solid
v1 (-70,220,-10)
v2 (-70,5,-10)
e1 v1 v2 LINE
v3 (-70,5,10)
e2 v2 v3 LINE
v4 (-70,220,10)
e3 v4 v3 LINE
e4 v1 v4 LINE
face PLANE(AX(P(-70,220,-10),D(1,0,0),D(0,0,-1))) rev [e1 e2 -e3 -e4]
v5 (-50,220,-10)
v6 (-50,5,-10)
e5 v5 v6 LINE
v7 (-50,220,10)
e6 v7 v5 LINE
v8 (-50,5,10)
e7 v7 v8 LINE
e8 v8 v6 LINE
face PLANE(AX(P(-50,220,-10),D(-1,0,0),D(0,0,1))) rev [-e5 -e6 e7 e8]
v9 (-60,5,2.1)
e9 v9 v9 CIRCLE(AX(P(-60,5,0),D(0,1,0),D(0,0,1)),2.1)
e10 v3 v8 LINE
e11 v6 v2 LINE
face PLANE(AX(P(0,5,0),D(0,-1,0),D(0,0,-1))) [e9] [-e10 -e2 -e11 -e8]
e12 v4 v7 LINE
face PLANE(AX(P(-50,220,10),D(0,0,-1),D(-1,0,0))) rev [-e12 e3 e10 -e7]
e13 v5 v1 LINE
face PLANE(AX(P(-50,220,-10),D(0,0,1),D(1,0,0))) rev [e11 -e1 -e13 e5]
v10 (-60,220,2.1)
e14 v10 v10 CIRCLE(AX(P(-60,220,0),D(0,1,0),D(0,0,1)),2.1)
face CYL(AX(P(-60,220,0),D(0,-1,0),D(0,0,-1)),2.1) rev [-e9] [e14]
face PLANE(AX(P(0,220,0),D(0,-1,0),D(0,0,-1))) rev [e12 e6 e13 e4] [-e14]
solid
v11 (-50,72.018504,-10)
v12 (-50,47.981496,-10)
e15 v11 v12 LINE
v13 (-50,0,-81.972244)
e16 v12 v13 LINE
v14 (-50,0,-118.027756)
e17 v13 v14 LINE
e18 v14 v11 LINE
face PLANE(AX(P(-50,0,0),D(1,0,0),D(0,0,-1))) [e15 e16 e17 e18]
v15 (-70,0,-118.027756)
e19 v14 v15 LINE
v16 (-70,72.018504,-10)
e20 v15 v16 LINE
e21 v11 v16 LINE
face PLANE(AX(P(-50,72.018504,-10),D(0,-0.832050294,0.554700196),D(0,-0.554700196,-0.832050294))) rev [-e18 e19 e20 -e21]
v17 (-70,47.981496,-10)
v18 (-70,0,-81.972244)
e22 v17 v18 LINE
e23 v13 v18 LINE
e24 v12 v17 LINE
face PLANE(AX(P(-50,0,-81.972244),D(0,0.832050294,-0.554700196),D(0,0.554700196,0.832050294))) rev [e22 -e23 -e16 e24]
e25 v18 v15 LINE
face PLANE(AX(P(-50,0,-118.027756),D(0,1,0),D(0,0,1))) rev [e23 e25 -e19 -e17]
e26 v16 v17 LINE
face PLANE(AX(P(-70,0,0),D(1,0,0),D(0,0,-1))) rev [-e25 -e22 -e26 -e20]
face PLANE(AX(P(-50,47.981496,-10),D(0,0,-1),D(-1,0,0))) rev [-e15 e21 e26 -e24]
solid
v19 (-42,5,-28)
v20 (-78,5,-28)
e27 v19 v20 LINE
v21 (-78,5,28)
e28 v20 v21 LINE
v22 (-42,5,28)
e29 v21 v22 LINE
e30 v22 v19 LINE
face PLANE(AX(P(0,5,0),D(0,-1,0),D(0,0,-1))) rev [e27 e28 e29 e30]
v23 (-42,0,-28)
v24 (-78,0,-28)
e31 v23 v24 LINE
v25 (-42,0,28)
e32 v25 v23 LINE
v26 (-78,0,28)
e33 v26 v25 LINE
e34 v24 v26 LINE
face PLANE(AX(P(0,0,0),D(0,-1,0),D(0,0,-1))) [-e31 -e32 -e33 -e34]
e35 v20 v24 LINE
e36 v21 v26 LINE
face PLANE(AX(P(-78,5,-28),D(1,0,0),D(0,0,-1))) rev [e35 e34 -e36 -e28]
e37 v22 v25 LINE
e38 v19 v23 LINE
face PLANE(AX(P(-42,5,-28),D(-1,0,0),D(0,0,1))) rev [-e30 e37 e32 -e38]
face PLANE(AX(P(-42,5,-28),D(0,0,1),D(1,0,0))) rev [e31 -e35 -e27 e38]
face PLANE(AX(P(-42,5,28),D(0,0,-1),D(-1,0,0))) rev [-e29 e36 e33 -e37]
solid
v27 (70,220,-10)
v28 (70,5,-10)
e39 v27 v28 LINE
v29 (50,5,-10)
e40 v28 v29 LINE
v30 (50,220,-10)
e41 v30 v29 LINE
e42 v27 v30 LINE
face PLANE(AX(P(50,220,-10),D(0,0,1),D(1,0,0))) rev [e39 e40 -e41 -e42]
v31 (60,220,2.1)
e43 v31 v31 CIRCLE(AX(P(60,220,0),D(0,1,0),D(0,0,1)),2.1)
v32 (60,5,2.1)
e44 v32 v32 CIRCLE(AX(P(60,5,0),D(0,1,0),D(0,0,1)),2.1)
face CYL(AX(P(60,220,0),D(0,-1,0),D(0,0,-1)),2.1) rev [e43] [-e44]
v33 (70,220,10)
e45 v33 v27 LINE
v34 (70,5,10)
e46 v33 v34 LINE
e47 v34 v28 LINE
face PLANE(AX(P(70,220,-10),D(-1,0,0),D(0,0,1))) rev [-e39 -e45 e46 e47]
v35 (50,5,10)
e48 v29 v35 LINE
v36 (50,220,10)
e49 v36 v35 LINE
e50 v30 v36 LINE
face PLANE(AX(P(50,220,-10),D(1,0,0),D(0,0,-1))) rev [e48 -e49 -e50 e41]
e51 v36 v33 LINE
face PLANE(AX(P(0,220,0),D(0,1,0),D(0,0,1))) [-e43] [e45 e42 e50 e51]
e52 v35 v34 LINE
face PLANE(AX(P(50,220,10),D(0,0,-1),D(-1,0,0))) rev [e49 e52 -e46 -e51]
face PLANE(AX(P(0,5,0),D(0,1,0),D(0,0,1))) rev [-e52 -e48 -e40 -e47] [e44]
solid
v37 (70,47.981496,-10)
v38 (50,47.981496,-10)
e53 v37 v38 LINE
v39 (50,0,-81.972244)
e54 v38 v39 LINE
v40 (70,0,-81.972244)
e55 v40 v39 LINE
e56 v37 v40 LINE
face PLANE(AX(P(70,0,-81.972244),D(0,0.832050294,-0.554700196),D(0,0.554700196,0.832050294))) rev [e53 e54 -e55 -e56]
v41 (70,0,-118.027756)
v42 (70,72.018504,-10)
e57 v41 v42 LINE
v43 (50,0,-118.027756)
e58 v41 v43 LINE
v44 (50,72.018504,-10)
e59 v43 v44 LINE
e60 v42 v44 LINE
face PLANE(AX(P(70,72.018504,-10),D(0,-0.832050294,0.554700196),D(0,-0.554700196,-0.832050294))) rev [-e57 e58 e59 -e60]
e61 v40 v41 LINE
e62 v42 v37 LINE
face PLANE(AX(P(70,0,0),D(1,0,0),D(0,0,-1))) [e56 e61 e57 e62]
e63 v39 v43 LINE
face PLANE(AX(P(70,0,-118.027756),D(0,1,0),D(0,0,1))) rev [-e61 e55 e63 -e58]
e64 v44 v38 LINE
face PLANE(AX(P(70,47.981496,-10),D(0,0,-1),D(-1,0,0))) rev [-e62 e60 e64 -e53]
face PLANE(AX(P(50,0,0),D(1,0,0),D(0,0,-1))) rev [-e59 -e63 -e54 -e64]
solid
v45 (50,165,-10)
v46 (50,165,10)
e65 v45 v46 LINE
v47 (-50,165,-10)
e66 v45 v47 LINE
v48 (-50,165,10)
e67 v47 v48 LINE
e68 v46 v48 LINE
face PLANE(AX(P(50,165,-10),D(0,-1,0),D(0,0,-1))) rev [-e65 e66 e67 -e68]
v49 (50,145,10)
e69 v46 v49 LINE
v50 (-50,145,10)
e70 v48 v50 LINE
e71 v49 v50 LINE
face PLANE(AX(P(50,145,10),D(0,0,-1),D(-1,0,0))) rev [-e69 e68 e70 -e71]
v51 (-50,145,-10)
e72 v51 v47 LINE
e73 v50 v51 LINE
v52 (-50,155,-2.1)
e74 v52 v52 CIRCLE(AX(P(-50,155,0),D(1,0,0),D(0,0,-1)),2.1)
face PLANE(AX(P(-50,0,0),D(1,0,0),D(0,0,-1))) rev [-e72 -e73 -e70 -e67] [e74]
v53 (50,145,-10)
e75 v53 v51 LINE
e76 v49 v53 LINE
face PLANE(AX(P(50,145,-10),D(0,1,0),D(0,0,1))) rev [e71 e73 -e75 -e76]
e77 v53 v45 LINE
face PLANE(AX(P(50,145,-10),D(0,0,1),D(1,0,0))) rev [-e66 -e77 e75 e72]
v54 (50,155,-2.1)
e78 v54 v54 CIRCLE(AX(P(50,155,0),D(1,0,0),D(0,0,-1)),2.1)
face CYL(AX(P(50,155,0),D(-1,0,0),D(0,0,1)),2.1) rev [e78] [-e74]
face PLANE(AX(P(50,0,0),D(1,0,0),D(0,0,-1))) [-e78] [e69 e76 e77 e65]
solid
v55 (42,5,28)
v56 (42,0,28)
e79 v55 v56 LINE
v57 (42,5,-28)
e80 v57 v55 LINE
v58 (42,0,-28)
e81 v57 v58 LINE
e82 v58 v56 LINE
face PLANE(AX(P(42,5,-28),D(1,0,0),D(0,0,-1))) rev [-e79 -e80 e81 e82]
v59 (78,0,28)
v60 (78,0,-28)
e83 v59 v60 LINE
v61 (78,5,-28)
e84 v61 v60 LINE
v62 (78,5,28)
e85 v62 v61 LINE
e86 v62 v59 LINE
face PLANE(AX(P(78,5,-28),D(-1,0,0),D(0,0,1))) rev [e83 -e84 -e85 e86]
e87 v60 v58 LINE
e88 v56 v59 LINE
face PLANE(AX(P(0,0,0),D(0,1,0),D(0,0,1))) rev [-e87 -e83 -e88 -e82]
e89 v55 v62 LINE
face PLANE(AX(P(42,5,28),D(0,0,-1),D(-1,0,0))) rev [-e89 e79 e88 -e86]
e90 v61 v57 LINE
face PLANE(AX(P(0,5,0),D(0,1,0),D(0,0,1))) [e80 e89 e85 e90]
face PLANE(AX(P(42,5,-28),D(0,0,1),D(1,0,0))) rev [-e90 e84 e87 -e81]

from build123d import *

# Parameters (mm, degrees)
SK_FOOTPLATES_W       = 36
SK_FOOTPLATES_H       = 56
EX_FOOTPLATES_DEPTH   = 5
EX_FOOTPLATES_2_DEPTH = 5
SK_POSTS_W            = 20
SK_POSTS_H            = 20
SK_POSTS_R            = 2.1
EX_POSTS_DEPTH        = 215
EX_POSTS_2_DEPTH      = 215
SK_BRACE_W            = 20
SK_BRACE_H            = 20
SK_BRACE_R            = 2.1
EX_BRACE_DEPTH        = 100
EX_STRUTL_DEPTH       = 20
EX_STRUTR_DEPTH       = 20


with BuildPart() as part:
    # SK_FootPlates → EX_FootPlates (new body)
    with BuildSketch(Plane(origin=(0, 0, 0), x_dir=(1, 0, 0), z_dir=(0, 1, 0))):
        with Locations((60, 0)):
            Rectangle(SK_FOOTPLATES_W, SK_FOOTPLATES_H)
    extrude(amount=EX_FOOTPLATES_DEPTH)


with BuildPart() as body_2:
    # SK_FootPlates → EX_FootPlates 2 (new body)
    with BuildSketch(Plane(origin=(0, 0, 0), x_dir=(1, 0, 0), z_dir=(0, 1, 0))):
        with Locations((-60, 0)):
            Rectangle(SK_FOOTPLATES_W, SK_FOOTPLATES_H)
    extrude(amount=EX_FOOTPLATES_2_DEPTH)


with BuildPart() as body_3:
    # SK_Posts → EX_Posts (new body)
    with BuildSketch(Plane(origin=(0, 5, 0), x_dir=(1, 0, 0), z_dir=(0, 1, 0))):
        with Locations((60, 0)):
            Rectangle(SK_POSTS_W, SK_POSTS_H)
        with Locations((60, 0)):
            Circle(SK_POSTS_R, mode=Mode.SUBTRACT)
    extrude(amount=EX_POSTS_DEPTH)


with BuildPart() as body_4:
    # SK_Posts → EX_Posts 2 (new body)
    with BuildSketch(Plane(origin=(0, 5, 0), x_dir=(1, 0, 0), z_dir=(0, 1, 0))):
        with Locations((-60, 0)):
            Rectangle(SK_POSTS_W, SK_POSTS_H)
        with Locations((-60, 0)):
            Circle(SK_POSTS_R, mode=Mode.SUBTRACT)
    extrude(amount=EX_POSTS_2_DEPTH)


with BuildPart() as body_5:
    # SK_Brace → EX_Brace (new body)
    with BuildSketch(Plane(origin=(-50, 0, 0), x_dir=(0, 0, -1), z_dir=(1, 0, 0))):
        with Locations((0, 155)):
            Rectangle(SK_BRACE_W, SK_BRACE_H)
        with Locations((0, 155)):
            Circle(SK_BRACE_R, mode=Mode.SUBTRACT)
    extrude(amount=EX_BRACE_DEPTH)


with BuildPart() as body_6:
    # SK_StrutL → EX_StrutL (new body)
    with BuildSketch(Plane(origin=(50, 0, 0), x_dir=(0, 0, -1), z_dir=(1, 0, 0))):
        Polygon((118.027756377, 0), (81.972243623, 0), (10, 47.981495748), (10, 72.018504252), align=None)
    extrude(amount=EX_STRUTL_DEPTH)


with BuildPart() as body_7:
    # SK_StrutR → EX_StrutR (new body)
    with BuildSketch(Plane(origin=(-70, 0, 0), x_dir=(0, 0, -1), z_dir=(1, 0, 0))):
        Polygon((118.027756377, 0), (81.972243623, 0), (10, 47.981495748), (10, 72.018504252), align=None)
    extrude(amount=EX_STRUTR_DEPTH)


solid = Compound([part.part, body_2.part, body_3.part, body_4.part, body_5.part, body_6.part, body_7.part])
